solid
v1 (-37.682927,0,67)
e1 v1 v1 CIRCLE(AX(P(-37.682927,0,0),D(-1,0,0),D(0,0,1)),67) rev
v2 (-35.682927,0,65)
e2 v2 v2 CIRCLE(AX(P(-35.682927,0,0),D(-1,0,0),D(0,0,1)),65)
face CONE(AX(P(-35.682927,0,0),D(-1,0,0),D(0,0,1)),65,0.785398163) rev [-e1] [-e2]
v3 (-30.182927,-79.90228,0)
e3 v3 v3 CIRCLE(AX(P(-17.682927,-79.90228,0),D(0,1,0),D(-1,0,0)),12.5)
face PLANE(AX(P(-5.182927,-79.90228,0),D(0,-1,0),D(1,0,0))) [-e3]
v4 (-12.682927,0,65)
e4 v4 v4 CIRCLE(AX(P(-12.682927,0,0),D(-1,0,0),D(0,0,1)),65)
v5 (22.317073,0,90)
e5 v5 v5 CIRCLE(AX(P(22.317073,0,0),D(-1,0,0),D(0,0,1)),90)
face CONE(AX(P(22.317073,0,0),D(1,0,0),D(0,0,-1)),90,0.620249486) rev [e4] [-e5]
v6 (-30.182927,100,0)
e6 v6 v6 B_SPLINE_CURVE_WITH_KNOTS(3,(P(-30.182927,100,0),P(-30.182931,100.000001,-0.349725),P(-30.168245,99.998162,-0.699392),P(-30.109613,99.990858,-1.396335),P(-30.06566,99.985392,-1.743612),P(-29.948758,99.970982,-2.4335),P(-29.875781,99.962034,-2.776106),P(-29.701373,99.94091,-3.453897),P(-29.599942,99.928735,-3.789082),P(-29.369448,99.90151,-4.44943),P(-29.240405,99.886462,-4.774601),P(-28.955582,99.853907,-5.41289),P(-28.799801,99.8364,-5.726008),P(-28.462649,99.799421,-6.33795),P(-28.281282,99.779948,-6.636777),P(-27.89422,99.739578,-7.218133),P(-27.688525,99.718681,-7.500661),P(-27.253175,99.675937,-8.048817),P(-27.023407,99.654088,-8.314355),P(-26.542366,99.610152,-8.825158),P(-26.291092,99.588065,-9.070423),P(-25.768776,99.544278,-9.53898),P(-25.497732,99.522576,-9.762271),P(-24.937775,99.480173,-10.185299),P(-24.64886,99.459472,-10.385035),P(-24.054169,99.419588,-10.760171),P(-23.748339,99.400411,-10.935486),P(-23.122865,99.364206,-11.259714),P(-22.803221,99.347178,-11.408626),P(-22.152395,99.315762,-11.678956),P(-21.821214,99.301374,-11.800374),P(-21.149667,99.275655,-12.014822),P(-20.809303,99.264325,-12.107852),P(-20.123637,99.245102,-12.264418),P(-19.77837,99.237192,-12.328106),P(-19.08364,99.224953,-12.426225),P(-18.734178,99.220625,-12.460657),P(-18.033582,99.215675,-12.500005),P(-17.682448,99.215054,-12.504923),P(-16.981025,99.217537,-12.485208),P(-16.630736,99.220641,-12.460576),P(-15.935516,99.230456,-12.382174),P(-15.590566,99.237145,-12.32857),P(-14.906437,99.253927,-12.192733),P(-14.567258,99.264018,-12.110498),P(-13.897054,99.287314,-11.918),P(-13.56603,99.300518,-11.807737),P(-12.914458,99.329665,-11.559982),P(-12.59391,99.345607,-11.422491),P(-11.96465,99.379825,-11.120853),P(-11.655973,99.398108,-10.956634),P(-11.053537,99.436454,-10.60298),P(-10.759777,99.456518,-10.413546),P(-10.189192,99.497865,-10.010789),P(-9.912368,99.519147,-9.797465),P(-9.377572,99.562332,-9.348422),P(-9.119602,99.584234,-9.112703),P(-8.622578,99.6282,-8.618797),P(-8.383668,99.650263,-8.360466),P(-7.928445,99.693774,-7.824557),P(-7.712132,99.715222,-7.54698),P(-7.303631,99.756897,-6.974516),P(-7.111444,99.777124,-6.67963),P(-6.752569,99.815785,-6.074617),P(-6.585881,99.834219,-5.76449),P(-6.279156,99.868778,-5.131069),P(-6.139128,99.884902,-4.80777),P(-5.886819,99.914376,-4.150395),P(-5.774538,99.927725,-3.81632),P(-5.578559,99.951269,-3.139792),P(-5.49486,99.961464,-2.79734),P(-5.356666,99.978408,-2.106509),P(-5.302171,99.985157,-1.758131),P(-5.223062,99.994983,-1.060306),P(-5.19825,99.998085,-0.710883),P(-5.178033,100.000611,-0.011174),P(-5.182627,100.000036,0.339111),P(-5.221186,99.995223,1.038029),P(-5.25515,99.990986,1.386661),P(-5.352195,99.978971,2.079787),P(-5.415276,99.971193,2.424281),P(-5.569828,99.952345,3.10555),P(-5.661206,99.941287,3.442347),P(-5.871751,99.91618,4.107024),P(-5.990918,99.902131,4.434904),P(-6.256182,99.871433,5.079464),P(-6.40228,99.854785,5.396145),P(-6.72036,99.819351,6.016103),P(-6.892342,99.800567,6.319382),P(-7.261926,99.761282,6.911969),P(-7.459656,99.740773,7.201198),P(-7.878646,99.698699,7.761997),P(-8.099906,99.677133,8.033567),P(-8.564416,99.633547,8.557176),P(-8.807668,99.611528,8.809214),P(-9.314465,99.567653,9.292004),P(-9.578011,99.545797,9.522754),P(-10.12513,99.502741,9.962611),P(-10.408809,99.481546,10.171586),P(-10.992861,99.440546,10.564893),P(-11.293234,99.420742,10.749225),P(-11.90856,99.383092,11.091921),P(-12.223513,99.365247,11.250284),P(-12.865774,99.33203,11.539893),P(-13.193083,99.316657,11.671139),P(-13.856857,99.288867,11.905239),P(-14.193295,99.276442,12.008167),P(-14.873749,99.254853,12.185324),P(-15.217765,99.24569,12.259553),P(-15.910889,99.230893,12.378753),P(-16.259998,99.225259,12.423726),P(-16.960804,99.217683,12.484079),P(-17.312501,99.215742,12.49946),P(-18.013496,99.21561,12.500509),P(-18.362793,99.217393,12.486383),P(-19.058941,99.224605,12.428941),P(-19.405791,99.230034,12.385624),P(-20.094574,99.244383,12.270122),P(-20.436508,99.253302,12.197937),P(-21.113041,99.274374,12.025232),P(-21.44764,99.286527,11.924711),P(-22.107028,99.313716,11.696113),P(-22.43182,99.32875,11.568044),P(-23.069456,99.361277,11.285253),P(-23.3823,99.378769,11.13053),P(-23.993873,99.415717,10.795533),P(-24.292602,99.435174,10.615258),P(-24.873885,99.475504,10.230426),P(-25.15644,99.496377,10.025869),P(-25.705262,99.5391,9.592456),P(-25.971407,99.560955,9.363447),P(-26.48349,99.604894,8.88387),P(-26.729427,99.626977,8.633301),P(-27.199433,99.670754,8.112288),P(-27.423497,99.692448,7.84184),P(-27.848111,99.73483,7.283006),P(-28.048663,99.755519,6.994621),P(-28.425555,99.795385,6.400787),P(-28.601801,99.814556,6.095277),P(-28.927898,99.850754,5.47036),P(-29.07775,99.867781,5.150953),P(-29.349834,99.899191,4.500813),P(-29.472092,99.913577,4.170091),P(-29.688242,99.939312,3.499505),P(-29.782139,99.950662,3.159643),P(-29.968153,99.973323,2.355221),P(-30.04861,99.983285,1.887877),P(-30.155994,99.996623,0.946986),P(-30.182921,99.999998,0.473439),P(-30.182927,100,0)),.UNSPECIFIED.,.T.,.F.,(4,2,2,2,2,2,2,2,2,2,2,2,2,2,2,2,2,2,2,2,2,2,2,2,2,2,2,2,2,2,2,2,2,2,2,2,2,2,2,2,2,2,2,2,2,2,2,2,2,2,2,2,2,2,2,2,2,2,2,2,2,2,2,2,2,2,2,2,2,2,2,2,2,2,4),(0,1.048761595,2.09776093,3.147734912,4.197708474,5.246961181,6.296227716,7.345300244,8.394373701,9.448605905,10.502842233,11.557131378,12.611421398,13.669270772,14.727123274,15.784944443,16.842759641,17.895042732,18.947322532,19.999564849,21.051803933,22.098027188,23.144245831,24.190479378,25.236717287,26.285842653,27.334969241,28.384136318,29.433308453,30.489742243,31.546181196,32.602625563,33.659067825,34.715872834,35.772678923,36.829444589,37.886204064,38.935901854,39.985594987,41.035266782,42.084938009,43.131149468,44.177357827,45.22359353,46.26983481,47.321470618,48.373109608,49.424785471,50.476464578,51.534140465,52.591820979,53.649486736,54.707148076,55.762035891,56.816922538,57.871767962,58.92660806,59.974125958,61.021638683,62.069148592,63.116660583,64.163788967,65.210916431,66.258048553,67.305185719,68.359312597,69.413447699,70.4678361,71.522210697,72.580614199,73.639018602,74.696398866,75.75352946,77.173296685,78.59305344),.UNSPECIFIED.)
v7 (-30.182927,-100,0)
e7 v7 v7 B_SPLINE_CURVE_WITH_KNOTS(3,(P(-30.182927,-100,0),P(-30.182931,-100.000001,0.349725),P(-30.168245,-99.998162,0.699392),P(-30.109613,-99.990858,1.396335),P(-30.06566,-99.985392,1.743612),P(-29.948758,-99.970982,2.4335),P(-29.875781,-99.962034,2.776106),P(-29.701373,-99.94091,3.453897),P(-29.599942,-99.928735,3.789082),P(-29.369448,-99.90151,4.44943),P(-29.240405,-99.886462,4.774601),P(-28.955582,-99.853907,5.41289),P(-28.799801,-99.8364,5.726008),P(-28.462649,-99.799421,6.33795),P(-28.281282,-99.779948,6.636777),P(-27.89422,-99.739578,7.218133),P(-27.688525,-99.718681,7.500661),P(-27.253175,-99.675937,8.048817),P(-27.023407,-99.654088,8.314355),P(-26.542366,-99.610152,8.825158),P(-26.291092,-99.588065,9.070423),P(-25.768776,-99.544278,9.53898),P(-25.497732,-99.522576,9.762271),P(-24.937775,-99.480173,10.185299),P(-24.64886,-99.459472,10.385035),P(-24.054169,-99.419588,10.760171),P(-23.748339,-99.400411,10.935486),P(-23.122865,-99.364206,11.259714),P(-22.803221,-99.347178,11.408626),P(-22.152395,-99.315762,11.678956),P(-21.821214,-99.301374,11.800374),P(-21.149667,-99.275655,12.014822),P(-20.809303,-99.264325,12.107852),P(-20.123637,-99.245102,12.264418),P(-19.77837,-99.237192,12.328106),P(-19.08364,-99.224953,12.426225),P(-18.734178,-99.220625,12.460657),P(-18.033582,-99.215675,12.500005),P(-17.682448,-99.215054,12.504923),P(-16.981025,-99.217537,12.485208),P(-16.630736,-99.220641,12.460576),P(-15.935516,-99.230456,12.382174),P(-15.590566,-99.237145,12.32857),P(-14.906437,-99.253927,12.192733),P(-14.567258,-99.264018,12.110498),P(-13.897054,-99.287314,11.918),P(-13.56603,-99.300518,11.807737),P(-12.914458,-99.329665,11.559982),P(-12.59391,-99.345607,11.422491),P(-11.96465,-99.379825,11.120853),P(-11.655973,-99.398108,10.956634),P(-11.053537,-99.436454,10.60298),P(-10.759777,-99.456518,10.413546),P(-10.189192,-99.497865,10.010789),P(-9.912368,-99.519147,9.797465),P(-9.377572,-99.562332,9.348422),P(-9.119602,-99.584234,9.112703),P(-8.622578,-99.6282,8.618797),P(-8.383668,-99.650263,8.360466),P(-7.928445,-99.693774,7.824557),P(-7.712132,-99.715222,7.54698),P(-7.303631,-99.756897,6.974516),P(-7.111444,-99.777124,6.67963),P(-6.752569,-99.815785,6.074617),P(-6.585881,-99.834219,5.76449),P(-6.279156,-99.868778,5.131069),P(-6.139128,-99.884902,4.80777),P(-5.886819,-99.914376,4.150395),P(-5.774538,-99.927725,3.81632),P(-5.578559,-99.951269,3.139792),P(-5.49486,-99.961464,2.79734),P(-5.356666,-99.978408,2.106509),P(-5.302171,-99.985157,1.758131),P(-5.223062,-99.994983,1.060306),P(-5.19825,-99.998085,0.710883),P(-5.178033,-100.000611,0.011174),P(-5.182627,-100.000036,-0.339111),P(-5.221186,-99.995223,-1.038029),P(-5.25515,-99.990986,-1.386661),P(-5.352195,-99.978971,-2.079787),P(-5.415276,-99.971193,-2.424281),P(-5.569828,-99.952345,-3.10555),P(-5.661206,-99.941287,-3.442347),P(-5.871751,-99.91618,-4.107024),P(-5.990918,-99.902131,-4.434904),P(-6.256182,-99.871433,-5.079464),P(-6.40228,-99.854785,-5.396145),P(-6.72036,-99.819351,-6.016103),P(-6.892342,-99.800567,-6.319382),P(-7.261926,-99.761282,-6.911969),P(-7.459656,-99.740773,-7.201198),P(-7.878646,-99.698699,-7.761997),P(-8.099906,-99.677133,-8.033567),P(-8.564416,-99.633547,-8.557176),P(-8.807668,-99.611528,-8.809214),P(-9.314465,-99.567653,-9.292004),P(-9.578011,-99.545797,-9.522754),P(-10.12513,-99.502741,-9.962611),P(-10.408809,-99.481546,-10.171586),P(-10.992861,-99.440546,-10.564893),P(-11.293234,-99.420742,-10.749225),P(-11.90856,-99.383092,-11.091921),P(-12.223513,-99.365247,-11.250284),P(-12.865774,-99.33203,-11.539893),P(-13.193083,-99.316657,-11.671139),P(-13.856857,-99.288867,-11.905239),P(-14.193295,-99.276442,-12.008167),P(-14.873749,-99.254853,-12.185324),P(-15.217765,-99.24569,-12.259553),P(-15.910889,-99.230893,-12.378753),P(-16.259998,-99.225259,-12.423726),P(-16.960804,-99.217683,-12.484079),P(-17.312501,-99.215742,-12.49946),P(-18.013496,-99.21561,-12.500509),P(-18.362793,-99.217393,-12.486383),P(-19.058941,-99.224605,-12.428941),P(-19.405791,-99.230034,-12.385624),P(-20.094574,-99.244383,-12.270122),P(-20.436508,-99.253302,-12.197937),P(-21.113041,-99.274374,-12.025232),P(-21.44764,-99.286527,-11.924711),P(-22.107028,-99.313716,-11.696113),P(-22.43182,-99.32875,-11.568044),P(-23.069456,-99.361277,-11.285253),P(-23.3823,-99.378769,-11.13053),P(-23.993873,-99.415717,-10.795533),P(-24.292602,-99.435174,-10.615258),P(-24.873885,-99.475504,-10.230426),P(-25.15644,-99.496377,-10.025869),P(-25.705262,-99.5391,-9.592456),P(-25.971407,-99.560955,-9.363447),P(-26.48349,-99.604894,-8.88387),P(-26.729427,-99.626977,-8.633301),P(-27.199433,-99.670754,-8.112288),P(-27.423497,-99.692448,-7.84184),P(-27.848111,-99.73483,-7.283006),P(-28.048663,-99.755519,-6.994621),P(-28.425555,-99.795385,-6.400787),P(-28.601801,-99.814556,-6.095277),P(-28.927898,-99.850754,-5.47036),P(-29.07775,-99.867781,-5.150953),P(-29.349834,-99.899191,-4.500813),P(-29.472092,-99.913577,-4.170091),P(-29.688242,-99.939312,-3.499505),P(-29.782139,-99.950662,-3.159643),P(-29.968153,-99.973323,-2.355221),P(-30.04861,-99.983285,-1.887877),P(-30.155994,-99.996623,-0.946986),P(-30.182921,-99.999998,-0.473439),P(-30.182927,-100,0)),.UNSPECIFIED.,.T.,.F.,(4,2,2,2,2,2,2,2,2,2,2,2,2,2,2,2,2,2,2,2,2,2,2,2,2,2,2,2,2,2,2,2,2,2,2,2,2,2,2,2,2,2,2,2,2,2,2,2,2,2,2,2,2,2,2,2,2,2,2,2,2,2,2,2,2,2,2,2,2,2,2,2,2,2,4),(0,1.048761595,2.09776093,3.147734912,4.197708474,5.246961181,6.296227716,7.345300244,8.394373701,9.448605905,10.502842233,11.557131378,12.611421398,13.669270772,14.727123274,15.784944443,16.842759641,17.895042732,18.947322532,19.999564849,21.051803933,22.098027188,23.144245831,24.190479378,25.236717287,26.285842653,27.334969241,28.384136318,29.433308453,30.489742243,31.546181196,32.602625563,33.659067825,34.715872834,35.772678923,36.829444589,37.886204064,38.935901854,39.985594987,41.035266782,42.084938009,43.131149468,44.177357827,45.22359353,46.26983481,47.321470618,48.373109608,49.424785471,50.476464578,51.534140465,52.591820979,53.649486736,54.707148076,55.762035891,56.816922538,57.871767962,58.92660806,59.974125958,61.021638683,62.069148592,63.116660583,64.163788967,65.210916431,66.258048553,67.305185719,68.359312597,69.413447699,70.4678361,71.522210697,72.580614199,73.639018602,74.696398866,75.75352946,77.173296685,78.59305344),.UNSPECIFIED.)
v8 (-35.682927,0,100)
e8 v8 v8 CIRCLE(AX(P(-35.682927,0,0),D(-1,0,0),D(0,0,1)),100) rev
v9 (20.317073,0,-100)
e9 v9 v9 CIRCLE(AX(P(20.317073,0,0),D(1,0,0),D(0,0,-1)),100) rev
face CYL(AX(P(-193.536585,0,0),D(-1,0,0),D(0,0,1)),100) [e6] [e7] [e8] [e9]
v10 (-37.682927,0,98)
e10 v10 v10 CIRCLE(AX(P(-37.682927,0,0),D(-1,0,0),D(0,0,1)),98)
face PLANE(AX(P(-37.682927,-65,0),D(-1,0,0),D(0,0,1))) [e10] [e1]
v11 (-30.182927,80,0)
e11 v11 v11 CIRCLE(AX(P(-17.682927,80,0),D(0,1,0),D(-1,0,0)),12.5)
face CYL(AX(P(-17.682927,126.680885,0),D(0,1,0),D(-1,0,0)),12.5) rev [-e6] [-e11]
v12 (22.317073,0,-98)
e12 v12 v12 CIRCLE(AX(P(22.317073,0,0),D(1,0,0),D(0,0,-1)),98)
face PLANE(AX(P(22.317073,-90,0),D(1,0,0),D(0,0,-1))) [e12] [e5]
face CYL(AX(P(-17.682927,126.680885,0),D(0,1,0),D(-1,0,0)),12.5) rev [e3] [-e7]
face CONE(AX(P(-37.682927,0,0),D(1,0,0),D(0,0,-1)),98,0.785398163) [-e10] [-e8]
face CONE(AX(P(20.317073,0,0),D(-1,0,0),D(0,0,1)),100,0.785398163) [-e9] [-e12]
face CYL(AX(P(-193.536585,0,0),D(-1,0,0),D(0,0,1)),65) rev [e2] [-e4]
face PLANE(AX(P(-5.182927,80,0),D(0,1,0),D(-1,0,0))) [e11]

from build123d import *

# Parameters (mm, degrees)
CHAMFER_1_SIZE = 2
SKETCH_2_W     = 12.5
SKETCH_2_H     = 20


with BuildPart() as part:
    # Эскиз1 → Повернуть1 (revolve)
    with BuildSketch(Plane.XY, mode=Mode.PRIVATE) as revolve_1_sk:
        Polygon((-37.682926829, -65), (-37.682926829, -100), (22.317073171, -100), (22.317073171, -90), (-12.682926829, -65), align=None)
    revolve(revolve_1_sk.sketch.rotate(Axis((-193.536585366, 0, 0), (1, 0, 0)), 270), axis=Axis((-193.536585366, 0, 0), (1, 0, 0)))

    # Фаска1
    chamfer_1_edges = [part.edges().sort_by_distance(p)[0] for p in [
        (22.317073171, 0, -100),
        (-37.682926829, 0, -100),
        (-37.682926829, 0, -65),
    ]]
    chamfer(chamfer_1_edges, length=CHAMFER_1_SIZE)

    # Эскиз2 → Вырез-Повернуть1 (revolve, cut)
    with BuildSketch(Plane.XY, mode=Mode.PRIVATE) as cut_revolve_1_sk:
        Polygon((-5.182926829, -99.902279859), (-5.182926829, -79.902279859), (-17.682926829, -79.902279859), (-17.682926829, -99.902279859), (-17.682926829, -106.132104806), (-5.182926829, -106.132104806), align=None)
        with Locations((-11.432926829, 90)):
            Rectangle(SKETCH_2_W, SKETCH_2_H)
    revolve(cut_revolve_1_sk.sketch.rotate(Axis((-17.682926829, 126.68088459, 0), (0, -1, 0)), 180), axis=Axis((-17.682926829, 126.68088459, 0), (0, -1, 0)), mode=Mode.SUBTRACT)


solid = part.part
